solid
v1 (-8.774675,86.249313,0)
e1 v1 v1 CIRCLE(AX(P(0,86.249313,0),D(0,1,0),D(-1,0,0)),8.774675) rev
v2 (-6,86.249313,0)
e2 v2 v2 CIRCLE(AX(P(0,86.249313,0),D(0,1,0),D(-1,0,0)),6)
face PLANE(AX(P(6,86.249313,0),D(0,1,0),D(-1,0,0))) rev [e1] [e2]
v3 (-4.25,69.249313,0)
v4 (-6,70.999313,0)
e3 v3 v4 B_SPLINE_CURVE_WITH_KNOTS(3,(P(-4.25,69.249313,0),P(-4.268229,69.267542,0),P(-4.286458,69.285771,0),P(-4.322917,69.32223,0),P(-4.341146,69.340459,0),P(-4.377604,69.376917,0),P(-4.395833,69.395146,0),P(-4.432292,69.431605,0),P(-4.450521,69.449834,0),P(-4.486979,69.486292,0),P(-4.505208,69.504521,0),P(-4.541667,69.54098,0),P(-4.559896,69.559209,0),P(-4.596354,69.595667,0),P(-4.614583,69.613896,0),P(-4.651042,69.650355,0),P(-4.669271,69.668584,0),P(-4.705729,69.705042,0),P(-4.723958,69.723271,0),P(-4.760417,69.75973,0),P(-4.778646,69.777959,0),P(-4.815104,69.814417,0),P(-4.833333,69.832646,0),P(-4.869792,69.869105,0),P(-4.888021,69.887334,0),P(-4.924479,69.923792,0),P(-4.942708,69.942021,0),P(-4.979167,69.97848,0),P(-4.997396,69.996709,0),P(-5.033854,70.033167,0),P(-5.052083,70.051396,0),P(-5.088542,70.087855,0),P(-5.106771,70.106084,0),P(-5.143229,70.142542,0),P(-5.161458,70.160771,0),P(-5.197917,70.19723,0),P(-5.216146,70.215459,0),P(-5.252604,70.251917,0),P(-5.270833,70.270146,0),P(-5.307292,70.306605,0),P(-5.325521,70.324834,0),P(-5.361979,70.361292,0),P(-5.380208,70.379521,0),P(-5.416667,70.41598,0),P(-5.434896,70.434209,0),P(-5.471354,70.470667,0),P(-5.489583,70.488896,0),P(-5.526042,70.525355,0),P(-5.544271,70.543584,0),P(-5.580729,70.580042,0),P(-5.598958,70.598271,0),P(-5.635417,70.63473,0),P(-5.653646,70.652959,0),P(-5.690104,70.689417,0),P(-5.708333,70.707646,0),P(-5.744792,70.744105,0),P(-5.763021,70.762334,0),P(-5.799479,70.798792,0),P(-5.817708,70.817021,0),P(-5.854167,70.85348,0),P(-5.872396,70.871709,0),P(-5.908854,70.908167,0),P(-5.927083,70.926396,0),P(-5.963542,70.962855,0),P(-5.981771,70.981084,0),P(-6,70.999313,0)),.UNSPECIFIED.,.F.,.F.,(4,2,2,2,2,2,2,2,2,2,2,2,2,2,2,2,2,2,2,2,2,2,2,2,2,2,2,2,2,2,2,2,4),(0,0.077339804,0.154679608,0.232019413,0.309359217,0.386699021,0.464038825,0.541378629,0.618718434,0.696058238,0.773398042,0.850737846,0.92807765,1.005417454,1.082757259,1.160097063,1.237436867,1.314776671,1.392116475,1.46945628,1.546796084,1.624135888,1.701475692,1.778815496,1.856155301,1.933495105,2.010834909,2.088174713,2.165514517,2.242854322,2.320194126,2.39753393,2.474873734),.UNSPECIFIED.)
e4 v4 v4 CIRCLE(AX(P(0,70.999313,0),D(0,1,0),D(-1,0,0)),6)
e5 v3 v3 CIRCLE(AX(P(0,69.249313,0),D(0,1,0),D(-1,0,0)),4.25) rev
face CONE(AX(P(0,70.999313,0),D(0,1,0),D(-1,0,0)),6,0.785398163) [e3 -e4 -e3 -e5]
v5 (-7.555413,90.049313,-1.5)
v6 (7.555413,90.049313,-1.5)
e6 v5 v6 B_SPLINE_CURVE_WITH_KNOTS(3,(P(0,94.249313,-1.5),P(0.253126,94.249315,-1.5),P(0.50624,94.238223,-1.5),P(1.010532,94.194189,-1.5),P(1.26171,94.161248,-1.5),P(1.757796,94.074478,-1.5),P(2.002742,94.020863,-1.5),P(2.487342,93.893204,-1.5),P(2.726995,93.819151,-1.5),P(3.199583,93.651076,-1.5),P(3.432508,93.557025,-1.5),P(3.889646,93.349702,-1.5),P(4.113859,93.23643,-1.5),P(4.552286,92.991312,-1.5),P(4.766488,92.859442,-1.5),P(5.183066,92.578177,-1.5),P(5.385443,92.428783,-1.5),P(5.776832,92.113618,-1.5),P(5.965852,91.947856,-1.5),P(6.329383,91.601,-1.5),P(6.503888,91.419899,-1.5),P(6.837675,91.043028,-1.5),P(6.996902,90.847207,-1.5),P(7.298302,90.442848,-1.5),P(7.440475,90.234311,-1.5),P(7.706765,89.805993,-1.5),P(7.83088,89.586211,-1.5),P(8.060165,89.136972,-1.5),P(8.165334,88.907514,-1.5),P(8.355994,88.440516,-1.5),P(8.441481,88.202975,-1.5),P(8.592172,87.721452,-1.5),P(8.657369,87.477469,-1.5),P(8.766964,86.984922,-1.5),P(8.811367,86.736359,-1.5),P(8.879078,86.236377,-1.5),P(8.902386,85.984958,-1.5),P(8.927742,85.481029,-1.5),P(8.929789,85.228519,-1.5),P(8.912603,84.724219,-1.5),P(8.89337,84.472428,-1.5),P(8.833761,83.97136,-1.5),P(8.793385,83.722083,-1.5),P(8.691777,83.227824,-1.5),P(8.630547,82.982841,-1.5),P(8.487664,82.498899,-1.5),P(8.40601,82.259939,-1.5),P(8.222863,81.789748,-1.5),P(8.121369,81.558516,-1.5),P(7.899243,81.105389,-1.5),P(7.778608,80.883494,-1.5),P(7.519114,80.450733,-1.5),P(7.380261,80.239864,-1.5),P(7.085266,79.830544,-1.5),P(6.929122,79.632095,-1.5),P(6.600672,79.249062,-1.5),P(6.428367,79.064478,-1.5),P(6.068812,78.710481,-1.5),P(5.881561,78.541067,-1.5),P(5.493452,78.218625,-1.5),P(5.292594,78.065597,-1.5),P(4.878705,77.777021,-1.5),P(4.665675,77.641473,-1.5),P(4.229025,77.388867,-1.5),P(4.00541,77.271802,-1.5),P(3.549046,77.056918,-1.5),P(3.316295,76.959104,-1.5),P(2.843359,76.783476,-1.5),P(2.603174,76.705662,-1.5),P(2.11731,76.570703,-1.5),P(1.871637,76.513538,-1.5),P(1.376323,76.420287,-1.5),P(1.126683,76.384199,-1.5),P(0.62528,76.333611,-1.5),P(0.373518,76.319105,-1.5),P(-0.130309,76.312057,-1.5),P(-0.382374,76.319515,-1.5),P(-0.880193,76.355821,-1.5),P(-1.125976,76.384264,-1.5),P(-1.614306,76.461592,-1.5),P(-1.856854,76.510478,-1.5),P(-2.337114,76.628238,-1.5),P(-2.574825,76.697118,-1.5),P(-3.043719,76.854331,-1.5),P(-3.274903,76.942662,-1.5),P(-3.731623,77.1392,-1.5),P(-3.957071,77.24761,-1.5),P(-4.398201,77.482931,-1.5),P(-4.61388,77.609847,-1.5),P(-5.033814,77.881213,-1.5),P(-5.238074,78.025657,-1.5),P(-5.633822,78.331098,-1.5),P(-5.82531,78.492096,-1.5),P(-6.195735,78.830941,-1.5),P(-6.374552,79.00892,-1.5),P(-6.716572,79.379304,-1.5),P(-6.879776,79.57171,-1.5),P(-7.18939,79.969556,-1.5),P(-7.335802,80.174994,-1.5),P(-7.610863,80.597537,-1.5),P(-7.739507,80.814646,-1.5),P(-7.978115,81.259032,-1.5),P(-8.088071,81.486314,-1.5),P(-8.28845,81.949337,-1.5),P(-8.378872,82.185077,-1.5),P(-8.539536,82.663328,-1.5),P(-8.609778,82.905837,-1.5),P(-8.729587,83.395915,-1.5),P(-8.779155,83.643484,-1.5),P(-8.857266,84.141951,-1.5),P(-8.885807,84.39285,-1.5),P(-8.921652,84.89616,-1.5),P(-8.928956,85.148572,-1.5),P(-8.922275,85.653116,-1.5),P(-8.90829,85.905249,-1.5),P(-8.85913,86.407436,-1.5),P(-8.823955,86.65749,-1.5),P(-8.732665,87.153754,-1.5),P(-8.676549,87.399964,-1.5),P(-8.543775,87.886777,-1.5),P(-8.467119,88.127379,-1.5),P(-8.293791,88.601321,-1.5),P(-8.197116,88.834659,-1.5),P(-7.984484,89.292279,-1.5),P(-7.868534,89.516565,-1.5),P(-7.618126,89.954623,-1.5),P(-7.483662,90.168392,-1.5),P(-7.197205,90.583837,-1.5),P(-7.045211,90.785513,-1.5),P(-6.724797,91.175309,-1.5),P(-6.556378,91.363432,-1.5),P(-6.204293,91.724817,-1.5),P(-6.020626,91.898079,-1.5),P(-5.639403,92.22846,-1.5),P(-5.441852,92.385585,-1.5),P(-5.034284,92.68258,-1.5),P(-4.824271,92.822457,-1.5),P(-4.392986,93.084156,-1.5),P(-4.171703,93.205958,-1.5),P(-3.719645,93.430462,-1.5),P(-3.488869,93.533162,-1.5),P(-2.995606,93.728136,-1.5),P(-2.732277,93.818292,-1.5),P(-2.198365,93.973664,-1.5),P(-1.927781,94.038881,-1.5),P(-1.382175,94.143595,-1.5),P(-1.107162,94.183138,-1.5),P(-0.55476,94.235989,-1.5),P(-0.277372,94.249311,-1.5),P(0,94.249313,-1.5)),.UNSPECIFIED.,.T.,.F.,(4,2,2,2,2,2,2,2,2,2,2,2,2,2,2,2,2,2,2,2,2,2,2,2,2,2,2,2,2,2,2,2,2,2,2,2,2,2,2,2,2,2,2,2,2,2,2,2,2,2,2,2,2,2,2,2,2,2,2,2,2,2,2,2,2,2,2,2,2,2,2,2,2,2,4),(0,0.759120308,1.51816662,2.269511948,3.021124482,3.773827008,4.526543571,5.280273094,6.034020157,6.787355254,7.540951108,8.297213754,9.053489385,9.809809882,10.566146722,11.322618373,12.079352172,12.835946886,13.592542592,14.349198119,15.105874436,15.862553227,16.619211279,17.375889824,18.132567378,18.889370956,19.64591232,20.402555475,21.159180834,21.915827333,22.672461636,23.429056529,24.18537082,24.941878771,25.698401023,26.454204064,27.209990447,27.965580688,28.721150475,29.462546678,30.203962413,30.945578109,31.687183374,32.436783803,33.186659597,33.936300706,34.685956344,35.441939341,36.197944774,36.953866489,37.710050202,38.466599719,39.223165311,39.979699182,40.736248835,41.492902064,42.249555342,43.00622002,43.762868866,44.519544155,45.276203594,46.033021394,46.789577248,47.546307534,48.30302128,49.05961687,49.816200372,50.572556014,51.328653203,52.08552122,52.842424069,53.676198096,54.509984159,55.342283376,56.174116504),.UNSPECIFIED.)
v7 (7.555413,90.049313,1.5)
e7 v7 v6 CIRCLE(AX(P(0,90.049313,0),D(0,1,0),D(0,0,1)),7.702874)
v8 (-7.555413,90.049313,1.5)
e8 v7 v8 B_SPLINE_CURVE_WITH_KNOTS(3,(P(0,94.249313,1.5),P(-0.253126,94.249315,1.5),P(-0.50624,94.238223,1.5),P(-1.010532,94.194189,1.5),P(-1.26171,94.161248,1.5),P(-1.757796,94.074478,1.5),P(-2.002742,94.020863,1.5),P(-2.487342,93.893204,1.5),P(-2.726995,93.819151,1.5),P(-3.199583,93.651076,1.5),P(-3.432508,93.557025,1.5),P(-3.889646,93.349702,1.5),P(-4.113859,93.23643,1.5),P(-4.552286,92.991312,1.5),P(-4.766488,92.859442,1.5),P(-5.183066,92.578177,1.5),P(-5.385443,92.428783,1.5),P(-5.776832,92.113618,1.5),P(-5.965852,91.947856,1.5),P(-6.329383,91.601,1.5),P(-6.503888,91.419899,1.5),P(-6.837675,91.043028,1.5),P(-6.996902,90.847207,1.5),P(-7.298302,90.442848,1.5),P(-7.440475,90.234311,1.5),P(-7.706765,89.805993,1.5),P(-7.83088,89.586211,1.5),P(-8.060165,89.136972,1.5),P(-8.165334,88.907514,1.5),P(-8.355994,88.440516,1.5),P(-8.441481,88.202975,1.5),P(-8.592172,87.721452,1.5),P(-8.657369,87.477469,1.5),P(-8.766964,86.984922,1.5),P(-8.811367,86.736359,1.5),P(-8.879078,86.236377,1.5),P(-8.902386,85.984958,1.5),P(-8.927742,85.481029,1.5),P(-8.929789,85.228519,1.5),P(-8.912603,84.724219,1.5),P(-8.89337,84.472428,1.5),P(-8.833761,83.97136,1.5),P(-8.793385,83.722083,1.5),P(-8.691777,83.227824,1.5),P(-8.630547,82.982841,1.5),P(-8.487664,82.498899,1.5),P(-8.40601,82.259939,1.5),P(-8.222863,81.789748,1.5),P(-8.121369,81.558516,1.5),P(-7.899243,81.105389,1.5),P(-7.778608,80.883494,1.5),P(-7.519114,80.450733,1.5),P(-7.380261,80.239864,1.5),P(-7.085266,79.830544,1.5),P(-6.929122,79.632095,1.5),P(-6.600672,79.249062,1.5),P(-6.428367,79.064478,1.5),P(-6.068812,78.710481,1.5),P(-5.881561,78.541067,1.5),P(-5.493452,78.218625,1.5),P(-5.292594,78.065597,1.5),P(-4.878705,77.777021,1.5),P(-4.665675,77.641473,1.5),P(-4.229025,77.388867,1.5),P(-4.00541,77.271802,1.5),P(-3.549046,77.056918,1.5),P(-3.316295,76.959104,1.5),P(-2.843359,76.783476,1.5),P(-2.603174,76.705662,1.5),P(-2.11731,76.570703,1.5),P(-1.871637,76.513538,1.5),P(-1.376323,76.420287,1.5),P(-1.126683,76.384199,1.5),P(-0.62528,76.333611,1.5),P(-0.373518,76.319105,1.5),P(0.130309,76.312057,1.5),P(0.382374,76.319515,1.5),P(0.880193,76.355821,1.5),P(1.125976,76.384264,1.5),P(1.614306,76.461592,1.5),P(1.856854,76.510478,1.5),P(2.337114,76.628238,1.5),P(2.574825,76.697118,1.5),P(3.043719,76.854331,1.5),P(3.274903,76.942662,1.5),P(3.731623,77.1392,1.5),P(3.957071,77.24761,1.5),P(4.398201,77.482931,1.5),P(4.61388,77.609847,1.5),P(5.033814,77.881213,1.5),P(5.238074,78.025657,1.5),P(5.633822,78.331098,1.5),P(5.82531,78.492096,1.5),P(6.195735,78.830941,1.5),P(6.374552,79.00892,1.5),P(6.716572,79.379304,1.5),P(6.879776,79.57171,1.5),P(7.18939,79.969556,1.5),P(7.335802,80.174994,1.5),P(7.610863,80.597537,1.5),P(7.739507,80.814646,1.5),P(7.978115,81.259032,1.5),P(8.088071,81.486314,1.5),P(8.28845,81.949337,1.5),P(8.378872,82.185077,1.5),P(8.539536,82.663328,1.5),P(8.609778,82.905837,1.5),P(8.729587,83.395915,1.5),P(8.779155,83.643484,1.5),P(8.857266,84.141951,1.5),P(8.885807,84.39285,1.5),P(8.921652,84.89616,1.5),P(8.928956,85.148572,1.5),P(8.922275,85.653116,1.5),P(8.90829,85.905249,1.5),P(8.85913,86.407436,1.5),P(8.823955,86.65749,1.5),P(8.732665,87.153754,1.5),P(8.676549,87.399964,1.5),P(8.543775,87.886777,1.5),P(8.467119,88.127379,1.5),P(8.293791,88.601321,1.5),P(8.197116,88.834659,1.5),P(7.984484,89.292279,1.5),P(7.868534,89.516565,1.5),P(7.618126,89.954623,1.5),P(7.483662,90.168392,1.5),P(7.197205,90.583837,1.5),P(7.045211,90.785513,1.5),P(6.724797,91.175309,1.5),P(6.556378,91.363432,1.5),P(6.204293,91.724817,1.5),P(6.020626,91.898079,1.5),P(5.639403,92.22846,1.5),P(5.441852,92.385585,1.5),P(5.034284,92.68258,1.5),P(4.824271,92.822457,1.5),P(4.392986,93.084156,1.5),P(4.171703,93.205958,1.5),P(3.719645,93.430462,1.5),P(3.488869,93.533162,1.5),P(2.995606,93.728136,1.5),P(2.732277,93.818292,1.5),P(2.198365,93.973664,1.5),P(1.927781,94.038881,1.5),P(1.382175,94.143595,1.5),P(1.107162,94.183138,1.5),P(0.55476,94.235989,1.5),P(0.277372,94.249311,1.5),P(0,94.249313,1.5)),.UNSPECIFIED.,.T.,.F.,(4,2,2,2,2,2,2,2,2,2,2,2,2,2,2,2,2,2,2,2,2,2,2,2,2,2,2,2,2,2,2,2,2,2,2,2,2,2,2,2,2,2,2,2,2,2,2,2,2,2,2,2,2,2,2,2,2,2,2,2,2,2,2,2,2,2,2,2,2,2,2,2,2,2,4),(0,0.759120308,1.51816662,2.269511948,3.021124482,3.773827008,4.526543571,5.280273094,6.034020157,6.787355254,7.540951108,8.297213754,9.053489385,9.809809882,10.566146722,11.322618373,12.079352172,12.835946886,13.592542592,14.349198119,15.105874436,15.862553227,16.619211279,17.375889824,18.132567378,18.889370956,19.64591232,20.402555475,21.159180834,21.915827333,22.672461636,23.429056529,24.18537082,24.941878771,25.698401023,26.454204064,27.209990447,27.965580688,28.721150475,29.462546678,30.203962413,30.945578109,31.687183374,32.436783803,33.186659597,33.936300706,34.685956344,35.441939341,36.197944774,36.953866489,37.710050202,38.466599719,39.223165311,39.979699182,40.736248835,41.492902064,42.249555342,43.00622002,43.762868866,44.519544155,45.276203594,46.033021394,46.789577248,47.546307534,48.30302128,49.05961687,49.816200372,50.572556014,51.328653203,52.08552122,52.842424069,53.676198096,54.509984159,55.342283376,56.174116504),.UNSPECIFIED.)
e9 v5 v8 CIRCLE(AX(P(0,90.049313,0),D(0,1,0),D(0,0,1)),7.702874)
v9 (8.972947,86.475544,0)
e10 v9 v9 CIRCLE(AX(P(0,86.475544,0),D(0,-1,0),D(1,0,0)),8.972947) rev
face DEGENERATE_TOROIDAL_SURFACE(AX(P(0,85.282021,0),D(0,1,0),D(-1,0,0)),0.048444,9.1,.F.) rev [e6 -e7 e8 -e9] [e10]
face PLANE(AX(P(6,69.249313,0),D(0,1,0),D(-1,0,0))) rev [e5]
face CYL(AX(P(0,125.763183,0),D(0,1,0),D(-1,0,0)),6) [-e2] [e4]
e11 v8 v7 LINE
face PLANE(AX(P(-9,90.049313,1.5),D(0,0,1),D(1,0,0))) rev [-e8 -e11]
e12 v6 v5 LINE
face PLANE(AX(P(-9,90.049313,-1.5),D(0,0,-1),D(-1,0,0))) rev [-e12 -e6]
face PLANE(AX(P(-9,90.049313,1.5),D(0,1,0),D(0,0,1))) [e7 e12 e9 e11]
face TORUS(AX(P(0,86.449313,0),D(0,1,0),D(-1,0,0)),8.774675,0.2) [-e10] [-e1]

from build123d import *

# Parameters (mm, degrees)
SKETCH_13_W         = 18
SKETCH_13_H         = 3
CUT_EXTRUDE_9_DEPTH = 4.2
FILLET_1_R          = 0.2
CHAMFER_1_SIZE      = 1.75


with BuildPart() as part:
    # Эскиз1 → Повернуть1 (revolve)
    with BuildSketch(Plane.XY):
        with BuildLine():
            Line((6, 86.24931314), (9, 86.24931314))
            ThreePointArc((9, 86.24931314), (6.590344115, 91.505885748), (1.5, 94.24931314))
            Line((1.5, 94.24931314), (0, 94.24931314))
            Line((0, 94.24931314), (0, 69.24931314))
            Line((0, 69.24931314), (6, 69.24931314))
            Line((6, 69.24931314), (6, 86.24931314))
        make_face()
    revolve(axis=Axis((0, 125.763182898, 0), (0, -1, 0)))

    # Эскиз13 → Вырез-Вытянуть9 (cut)
    with BuildSketch(Plane(origin=(0, 94.24931314, 0), x_dir=(-1, 0, 0), z_dir=(0, 1, 0))):
        Rectangle(SKETCH_13_W, SKETCH_13_H)
    extrude(amount=-CUT_EXTRUDE_9_DEPTH, mode=Mode.SUBTRACT)

    # Скругление1
    fillet_1_edges = [part.edges().sort_by_distance(p)[0] for p in [
        (-9, 86.24931314, 0),
    ]]
    fillet(fillet_1_edges, radius=FILLET_1_R)

    # Фаска1
    chamfer_1_edges = [part.edges().sort_by_distance(p)[0] for p in [
        (-6, 69.24931314, 0),
    ]]
    chamfer(chamfer_1_edges, length=CHAMFER_1_SIZE)


solid = part.part
